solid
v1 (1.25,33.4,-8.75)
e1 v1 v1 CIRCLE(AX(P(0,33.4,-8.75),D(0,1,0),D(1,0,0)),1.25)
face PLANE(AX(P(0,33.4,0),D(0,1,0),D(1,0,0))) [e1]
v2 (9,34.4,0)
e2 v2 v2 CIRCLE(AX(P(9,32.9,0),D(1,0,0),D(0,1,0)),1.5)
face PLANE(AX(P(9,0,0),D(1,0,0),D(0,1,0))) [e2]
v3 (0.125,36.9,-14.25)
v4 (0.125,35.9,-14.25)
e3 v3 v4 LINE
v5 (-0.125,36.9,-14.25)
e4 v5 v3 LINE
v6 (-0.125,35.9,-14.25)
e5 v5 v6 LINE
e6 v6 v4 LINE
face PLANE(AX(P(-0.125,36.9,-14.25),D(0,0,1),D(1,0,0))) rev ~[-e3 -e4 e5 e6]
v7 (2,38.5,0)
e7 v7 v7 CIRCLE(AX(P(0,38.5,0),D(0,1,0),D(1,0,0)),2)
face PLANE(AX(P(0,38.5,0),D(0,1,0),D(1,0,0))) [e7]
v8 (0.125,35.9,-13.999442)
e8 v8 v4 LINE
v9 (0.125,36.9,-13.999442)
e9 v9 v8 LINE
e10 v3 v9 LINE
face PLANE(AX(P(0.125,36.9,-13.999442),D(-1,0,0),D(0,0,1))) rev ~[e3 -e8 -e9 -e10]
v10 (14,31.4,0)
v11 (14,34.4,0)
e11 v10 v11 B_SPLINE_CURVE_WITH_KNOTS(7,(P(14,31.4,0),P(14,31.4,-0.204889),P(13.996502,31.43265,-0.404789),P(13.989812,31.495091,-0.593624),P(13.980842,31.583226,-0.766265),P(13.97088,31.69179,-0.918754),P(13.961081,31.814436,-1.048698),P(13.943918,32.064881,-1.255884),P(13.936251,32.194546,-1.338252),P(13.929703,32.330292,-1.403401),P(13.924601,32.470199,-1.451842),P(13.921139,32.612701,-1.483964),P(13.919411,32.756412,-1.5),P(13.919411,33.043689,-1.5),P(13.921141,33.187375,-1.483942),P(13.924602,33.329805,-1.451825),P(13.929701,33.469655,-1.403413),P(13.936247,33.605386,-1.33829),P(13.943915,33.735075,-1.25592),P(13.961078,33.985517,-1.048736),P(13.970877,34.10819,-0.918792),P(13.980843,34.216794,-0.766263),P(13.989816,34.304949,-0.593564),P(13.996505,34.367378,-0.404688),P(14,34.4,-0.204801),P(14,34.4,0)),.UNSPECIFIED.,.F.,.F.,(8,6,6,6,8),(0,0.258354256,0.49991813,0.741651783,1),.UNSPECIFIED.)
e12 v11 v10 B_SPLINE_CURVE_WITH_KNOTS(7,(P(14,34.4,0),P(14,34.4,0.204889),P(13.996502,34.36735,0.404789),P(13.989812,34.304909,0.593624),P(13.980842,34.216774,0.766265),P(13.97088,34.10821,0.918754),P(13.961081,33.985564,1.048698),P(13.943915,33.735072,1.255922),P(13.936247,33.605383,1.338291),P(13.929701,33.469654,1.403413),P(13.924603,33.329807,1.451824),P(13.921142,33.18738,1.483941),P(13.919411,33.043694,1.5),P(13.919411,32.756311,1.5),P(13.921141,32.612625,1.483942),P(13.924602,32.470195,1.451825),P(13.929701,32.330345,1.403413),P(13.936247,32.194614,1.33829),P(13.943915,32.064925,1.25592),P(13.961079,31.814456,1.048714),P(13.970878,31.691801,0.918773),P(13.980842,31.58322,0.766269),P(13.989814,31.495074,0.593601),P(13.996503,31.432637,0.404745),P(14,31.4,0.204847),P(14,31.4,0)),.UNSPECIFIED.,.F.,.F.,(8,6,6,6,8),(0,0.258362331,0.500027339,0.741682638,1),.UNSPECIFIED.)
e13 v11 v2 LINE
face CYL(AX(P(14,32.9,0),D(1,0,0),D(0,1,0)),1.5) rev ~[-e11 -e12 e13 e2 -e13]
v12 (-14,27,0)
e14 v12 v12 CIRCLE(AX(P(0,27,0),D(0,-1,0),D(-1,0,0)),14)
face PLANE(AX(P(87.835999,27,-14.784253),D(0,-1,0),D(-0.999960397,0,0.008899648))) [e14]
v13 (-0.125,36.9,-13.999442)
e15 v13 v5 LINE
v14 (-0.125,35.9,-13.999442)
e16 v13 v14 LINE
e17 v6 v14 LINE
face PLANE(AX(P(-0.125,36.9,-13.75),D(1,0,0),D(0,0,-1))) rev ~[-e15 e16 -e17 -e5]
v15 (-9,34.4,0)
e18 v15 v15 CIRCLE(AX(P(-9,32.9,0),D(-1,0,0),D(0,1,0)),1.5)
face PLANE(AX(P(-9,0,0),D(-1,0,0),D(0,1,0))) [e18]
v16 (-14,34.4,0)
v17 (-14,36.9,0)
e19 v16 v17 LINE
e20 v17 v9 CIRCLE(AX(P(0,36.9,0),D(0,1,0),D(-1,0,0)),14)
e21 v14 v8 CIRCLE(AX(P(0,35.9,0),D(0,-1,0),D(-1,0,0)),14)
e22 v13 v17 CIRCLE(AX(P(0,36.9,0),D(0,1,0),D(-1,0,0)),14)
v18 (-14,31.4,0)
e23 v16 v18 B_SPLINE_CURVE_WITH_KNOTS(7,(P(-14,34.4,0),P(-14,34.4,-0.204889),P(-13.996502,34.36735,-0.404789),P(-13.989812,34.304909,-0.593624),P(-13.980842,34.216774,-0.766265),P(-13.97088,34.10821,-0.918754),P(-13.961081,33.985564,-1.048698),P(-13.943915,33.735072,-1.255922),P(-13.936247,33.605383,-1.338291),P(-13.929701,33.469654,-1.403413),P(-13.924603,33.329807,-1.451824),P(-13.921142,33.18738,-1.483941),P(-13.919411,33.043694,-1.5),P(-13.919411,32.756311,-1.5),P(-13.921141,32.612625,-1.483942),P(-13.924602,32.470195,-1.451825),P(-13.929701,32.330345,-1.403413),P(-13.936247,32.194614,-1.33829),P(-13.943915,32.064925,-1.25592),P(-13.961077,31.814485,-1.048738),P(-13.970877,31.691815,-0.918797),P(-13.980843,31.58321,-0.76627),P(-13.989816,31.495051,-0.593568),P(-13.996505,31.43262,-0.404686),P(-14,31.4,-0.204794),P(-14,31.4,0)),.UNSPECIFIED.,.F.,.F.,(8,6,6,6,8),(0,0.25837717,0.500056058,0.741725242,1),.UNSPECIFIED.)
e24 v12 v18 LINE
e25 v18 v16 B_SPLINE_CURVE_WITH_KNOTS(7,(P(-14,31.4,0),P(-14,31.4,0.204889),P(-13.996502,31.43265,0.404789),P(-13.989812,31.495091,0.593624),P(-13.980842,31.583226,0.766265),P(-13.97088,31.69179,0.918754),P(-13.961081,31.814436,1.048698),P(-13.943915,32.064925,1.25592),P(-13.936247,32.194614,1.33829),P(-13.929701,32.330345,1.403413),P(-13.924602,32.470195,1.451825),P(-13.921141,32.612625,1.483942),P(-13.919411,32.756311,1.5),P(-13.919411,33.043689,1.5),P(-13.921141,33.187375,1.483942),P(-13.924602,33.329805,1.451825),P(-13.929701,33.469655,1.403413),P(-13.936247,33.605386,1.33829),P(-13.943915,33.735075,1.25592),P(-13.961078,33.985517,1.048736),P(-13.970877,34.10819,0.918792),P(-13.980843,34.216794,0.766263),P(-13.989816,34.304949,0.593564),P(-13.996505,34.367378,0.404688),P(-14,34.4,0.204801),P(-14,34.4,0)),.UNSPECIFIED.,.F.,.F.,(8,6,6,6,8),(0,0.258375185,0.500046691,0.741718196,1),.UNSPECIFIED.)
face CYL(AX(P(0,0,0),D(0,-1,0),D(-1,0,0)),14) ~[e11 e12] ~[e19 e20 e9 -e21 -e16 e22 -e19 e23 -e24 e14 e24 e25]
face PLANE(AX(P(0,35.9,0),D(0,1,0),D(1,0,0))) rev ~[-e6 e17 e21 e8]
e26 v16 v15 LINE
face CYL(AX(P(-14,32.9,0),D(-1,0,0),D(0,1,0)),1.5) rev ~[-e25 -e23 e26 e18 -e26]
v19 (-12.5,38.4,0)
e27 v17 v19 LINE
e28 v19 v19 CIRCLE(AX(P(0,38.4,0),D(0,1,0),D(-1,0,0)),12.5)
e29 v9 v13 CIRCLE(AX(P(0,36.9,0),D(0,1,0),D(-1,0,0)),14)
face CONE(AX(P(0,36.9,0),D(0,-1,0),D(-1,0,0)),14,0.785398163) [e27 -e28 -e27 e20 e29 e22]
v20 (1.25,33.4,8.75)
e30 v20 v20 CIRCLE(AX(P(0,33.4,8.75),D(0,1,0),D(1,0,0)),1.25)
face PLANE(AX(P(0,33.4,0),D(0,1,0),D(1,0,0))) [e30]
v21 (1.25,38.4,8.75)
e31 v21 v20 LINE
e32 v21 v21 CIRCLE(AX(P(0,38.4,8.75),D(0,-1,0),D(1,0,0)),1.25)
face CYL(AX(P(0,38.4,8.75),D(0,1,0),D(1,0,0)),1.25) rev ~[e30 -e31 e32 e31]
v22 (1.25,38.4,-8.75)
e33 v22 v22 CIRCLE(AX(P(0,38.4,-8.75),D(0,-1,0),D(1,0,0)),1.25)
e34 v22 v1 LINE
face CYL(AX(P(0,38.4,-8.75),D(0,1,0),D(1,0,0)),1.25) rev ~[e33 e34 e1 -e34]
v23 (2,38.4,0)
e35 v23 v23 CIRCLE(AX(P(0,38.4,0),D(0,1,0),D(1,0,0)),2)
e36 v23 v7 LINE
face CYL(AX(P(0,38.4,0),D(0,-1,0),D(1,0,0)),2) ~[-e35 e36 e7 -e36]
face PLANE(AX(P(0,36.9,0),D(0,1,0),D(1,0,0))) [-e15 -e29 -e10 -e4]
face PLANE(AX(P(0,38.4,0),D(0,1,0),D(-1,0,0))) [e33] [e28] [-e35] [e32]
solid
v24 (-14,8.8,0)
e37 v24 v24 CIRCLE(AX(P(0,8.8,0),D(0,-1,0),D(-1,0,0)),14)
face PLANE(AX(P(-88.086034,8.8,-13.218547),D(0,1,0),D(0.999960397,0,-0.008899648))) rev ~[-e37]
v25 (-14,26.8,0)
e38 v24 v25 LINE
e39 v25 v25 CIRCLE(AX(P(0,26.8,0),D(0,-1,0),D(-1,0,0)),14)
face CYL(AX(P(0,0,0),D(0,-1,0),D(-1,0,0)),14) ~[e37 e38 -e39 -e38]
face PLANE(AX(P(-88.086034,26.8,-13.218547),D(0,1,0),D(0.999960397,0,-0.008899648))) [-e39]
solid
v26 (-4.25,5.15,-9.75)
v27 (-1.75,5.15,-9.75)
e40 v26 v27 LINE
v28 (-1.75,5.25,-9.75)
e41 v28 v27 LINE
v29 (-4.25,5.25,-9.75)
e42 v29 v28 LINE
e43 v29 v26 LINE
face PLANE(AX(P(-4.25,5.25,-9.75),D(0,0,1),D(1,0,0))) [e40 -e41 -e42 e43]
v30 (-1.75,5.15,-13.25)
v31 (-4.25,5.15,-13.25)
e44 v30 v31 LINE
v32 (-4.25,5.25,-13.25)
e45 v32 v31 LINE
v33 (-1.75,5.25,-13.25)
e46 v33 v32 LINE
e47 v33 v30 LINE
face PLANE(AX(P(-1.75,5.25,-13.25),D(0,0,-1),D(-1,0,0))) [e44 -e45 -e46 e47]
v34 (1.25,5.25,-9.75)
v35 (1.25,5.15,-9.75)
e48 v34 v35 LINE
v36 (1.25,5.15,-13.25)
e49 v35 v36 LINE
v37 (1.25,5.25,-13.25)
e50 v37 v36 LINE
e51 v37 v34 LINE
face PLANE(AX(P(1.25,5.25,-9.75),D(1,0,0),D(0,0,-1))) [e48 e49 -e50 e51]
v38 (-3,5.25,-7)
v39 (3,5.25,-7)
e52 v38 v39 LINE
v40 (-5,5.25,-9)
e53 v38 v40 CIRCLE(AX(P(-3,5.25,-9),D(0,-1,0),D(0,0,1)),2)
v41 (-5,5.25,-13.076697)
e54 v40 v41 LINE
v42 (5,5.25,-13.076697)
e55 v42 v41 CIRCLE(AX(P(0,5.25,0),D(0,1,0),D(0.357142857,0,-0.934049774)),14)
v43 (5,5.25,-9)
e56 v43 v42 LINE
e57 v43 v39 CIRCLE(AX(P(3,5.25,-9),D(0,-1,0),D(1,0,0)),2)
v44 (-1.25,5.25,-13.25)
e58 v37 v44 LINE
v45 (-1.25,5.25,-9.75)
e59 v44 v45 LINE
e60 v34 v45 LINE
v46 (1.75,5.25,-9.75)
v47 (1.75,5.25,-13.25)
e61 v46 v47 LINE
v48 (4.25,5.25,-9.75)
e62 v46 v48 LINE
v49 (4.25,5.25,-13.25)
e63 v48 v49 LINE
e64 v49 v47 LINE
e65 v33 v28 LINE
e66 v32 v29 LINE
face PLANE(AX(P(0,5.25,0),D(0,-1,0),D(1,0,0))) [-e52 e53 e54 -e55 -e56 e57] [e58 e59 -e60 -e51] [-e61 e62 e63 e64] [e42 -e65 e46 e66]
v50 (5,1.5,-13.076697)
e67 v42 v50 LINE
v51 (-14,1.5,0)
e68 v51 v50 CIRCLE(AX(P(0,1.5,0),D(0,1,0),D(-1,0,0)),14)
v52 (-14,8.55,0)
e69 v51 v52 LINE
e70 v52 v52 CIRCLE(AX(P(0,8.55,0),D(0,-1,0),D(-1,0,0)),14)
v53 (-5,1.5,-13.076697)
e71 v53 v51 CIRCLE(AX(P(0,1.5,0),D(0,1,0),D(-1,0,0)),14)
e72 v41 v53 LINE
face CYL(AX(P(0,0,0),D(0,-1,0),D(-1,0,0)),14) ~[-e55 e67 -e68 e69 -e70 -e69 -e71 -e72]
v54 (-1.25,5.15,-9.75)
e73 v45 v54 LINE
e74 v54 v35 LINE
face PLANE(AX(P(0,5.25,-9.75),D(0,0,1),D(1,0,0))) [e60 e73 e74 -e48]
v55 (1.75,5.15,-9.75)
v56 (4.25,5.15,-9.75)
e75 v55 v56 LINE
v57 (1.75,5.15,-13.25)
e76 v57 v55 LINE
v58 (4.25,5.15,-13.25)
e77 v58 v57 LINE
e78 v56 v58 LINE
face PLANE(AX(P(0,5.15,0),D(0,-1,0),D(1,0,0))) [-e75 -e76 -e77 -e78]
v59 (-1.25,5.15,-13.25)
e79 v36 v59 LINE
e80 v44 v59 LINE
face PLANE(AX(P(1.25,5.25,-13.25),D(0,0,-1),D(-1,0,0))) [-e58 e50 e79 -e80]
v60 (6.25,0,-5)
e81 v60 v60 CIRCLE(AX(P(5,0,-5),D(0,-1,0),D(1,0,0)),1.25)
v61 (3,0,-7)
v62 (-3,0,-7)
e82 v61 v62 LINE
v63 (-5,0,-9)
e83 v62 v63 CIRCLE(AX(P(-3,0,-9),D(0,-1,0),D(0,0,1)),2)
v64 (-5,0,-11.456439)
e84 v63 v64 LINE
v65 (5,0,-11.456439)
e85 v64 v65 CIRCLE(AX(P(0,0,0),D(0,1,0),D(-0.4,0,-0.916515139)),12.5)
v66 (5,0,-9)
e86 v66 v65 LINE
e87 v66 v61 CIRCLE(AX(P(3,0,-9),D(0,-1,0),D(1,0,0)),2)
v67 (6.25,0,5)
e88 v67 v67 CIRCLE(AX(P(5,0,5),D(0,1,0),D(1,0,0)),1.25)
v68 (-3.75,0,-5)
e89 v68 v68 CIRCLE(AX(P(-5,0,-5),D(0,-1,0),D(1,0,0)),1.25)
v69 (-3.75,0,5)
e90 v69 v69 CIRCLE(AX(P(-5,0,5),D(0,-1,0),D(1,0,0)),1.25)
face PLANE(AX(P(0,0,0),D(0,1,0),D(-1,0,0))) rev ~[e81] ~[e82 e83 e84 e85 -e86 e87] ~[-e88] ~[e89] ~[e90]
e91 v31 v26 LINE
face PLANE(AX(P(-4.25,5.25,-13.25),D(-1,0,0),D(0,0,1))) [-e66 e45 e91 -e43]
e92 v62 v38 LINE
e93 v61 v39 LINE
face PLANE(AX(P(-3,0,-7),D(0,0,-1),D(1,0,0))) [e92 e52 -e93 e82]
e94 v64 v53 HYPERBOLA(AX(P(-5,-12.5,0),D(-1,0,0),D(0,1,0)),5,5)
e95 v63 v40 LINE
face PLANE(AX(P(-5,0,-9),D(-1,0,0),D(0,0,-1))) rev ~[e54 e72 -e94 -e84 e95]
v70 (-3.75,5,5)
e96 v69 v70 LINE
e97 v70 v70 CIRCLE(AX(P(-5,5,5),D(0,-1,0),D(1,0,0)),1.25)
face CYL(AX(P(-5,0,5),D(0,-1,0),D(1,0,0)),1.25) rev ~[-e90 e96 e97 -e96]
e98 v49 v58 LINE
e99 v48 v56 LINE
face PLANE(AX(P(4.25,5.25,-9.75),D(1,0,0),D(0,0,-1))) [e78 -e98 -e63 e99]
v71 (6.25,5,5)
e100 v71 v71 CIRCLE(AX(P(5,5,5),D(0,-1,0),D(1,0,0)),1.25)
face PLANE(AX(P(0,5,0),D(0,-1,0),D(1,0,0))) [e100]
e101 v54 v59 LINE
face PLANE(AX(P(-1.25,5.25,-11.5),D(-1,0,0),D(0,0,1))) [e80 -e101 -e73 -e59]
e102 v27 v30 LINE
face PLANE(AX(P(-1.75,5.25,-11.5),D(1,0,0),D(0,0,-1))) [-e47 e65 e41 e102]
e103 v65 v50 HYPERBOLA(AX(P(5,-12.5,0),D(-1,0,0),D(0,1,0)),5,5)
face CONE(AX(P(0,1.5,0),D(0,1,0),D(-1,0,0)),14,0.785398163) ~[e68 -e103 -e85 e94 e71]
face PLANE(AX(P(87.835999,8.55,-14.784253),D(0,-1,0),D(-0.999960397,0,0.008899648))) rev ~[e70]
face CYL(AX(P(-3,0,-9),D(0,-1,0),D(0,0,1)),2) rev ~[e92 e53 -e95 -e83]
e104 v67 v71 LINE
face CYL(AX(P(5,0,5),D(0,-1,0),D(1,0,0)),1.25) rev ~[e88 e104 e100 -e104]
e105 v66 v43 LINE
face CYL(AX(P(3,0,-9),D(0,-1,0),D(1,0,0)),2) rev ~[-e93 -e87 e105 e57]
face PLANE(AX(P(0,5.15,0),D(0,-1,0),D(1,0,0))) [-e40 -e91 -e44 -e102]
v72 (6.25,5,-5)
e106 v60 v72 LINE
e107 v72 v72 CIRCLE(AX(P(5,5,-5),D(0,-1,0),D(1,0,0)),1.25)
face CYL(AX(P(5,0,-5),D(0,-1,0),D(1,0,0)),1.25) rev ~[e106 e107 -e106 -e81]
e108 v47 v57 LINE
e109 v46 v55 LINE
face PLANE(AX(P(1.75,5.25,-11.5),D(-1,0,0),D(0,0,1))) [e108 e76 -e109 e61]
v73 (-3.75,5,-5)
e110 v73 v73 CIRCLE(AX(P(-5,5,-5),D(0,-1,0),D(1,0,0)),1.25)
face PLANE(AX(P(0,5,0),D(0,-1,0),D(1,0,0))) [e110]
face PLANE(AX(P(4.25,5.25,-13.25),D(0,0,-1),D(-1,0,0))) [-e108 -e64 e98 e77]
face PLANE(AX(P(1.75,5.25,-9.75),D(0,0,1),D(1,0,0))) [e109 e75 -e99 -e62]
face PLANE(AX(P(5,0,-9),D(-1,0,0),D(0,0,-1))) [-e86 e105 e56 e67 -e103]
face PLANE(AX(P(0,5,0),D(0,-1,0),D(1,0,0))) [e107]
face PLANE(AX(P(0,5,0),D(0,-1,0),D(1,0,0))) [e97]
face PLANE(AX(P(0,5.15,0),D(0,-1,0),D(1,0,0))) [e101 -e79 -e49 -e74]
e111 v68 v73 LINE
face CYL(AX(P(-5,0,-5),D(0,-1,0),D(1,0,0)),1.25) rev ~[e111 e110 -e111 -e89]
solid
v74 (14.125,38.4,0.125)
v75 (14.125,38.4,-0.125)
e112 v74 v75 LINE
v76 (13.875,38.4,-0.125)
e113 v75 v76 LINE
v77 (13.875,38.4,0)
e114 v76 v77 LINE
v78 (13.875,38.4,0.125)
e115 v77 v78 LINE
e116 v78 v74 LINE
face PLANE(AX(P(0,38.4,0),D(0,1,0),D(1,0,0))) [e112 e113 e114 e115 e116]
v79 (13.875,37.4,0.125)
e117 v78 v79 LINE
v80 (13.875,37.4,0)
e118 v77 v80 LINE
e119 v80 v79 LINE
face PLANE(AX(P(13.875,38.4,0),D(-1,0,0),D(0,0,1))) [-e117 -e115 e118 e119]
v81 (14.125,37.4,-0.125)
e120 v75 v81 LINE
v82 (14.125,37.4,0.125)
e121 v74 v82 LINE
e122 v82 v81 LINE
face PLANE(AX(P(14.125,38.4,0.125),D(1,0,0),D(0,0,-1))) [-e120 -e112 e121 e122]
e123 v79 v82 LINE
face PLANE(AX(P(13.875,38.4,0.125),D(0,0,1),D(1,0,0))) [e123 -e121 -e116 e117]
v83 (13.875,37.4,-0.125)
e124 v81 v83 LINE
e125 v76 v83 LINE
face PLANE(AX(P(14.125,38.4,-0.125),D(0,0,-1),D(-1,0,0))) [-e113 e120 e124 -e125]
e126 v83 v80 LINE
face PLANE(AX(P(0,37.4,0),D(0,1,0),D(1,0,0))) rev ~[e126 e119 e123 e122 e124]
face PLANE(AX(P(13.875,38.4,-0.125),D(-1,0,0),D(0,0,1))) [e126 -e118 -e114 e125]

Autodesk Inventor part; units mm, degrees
sketch "Sketch1" plane through (0, 0, 0) normal (0, 1, 0) x (-1, 0, 0)
  circle A0 centre (0, 0) radius 14
  dimension "d0" = 28
extrude "Extrusion1" add sketch "Sketch1" along normal blind 38.4
chamfer "Chamfer1" distance 1.5 angle 45 2 edges at (14, 38.4, 0) (14, 0, 0)
sketch "Sketch2" plane through (0, 38.4, 0) normal (0, 1, 0) x (1, 0, 0)
  circle A0 centre (0, 0) radius 2
  dimension "d6" = 4
extrude "Extrusion2" add sketch "Sketch2" along normal blind 0.1
sketch "Sketch3" plane through (0, 38.4, 0) normal (0, 1, 0) x (1, 0, 0)
  line L0 (0, 0) -> (0, 8.75)
  circle A0 centre (0, 8.75) radius 1.25
  line L1 (0, 0) -> (0, -8.75)
  line L2 (0, 0) -> (8.75, 0) construction
  circle A1 centre (0, -8.75) radius 1.25
  dimension "d9" = 8.75
  dimension "d10" = 2.5
  dimension "d11" = 8.75
  dimension "d12" = 90
  dimension "d13" = 2.5
extrude "Extrusion4" cut sketch "Sketch3" against normal blind 5
thread "Thread1" size "M2.5x0.45" class "6H" standard "ANSI Metric M Profile" full length
thread "Thread2" size "M2.5x0.45" class "6H" standard "ANSI Metric M Profile" full length
ref_plane "Work Plane1" through (0, 36.9, 0) normal (0, 1, 0) x (1, 0, 0)
sketch "Sketch6" plane through (0, 36.9, 0) normal (0, 1, 0) x (1, 0, 0)
  line L0 (0.125, 13.75) -> (-0.125, 13.75)
  line L1 (-0.125, 13.75) -> (-0.125, 14.25)
  line L2 (-0.125, 14.25) -> (0.125, 14.25)
  line L3 (0.125, 14.25) -> (0.125, 13.75)
  circle A0 centre (0, 0) radius 14 projected
  line L4 (0.125, 13.75) -> (-0.125, 14.25) construction
  line L5 (-0.125, 13.75) -> (0.125, 14.25) construction
  point P0 (0, 14)
  dimension "d25" = 0.25
  dimension "d26" = 0.5
extrude "Extrusion5" add sketch "Sketch6" against normal blind 1 contours L0 L1 A0 L3 | A0 L1 L2 L3 picked at (-0.0139, 13.8333)
ref_plane "Work Plane2" through (-0.125, 0, -13.9994) normal (-0.0089, 0, -1) x (-1, 0, 0.0089)
sketch "Sketch7" plane through (-0.125, 0, -13.9994) normal (-0.0089, 0, -1) x (-1, 0, 0.0089)
  line L0 (0, 36.9) -> (0, 26.9)
  line L1 (0, 36.9) -> (0, 35.9) projected
  line L2 (0, 36.9) -> (10, 36.9) construction
  line L3 (-87.9645, 27) -> (87.9645, 27)
  line L4 (87.9645, 27) -> (87.9645, 26.8)
  line L5 (87.9645, 26.8) -> (-87.9645, 26.8)
  line L6 (-87.9645, 26.8) -> (-87.9645, 27)
  line L7 (-87.9645, 27) -> (87.9645, 26.8) construction
  line L8 (87.9645, 27) -> (-87.9645, 26.8) construction
  line L9 (0, 26.8) -> (0, 8.8)
  line L10 (0, 26.8) -> (18, 26.8) construction
  line L11 (0, 8.8) -> (0, 8.675)
  line L12 (0, 8.8) -> (0.125, 8.8) construction
  line L13 (-87.9645, 8.55) -> (87.9645, 8.55)
  line L14 (87.9645, 8.55) -> (87.9645, 8.8)
  line L15 (87.9645, 8.8) -> (-87.9645, 8.8)
  line L16 (-87.9645, 8.8) -> (-87.9645, 8.55)
  line L17 (-87.9645, 8.55) -> (87.9645, 8.8) construction
  line L18 (87.9645, 8.55) -> (-87.9645, 8.8) construction
  point P0 (0, 0)
  dimension "d29" = 10
  dimension "d30" = 90
  dimension "d31" = 175.929
  dimension "d32" = 0.2
  dimension "d33" = 18
  dimension "d34" = 90
  dimension "d35" = 0.125
  dimension "d36" = 90
  dimension "d37" = 175.929
  dimension "d38" = 0.25
sketch3d "3D Sketch1"
extrude "Extrusion6" cut sketch "Sketch7" against normal blind 28
sketch "Sketch8" plane through (0, 38.4, 0) normal (0, 1, 0) x (1, 0, 0)
  line L0 (0, 0) -> (14, 0)
  line L1 (14.125, 0.125) -> (13.875, 0.125)
  line L2 (13.875, 0.125) -> (13.875, -0.125)
  line L3 (13.875, -0.125) -> (14.125, -0.125)
  line L4 (14.125, -0.125) -> (14.125, 0.125)
  line L5 (14.125, 0.125) -> (13.875, -0.125) construction
  line L6 (13.875, 0.125) -> (14.125, -0.125) construction
  dimension "d41" = 14
  dimension "d42" = 0.25
  dimension "d43" = 0.25
extrude "Extrusion7" add sketch "Sketch8" against normal blind 1
ref_plane "Work Plane3" through (14, 0, 0) normal (1, 0, 0) x (0, 1, 0)
sketch "Sketch9" plane through (14, 0, 0) normal (1, 0, 0) x (0, 1, 0)
  line L0 (38.4, 0.125) -> (38.4, -0.125) projected
  line L1 (38.4, -0.125) -> (38.4, 0)
  line L2 (38.4, 0) -> (32.9, 0)
  line L3 (38.4, 0) -> (43.9, 0) construction
  circle A0 centre (32.9, 0) radius 1.5
  point P0 (0, 0)
  dimension "d46" = 5.5
  dimension "d47" = 180
  dimension "d48" = 3
extrude "Extrusion8" cut sketch "Sketch9" against normal blind 5
thread "Thread3" size "M3x0.5" class "6H" standard "ANSI Metric M Profile" full length
pattern_circular "Circular Pattern1" count 2 over 360 about axis through (0, 0, 0) along (0, 1, 0) of "Extrusion8"
thread "Thread4" size "M3x0.5" class "6H" standard "ANSI Metric M Profile" full length
sketch "Sketch10" plane through (0, 0, 0) normal (0, -1, 0) x (1, 0, 0)
  line L0 (0, 0) -> (5, 0)
  line L1 (13.9194, -1.5) -> (9, -1.5) projected
  line L2 (0, 0) -> (5, 0) construction
  line L3 (5, 0) -> (5, 5)
  line L4 (5, 0) -> (10, 0) construction
  circle A0 centre (5, 5) radius 1.25
  circle A1 centre (5, -5) radius 1.25
  circle A2 centre (-5, 5) radius 1.25
  circle A3 centre (-5, -5) radius 1.25
  dimension "d58" = 5
  dimension "d59" = 0
  dimension "d60" = 5
  dimension "d61" = 90
  dimension "d62" = 2.5
  dimension "d65" = 10
  dimension "d68" = 10
extrude "Extrusion9" cut sketch "Sketch10" against normal blind 5
thread "Thread5" size "M2.5x0.45" class "6H" standard "ANSI Metric M Profile" full length
thread "Thread6" size "M2.5x0.45" class "6H" standard "ANSI Metric M Profile" full length
thread "Thread7" size "M2.5x0.45" class "6H" standard "ANSI Metric M Profile" full length
thread "Thread8" size "M2.5x0.45" class "6H" standard "ANSI Metric M Profile" full length
sketch "Sketch11" plane through (0, 0, 0) normal (0, -1, 0) x (1, 0, 0)
  line L0 (0, 0) -> (0, -7)
  line L1 (0, 0) -> (7, 0) construction
  line L2 (-5, -14) -> (5, -14)
  line L3 (-3, -7) -> (-3, -9)
  line L4 (-3, -7) -> (-1, -7) construction
  line L5 (-3, -9) -> (-5, -9) construction
  line L6 (-3, -9) -> (-3, -7) construction
  line L7 (-3, -9) -> (-5, -9)
  line L8 (3, -9) -> (3, -7)
  line L9 (3, -9) -> (5, -9)
  arc A0 (-3, -7) -> (-5, -9) centre (-3, -9) ccw
  arc A1 (5, -9) -> (3, -7) centre (3, -9) ccw
  line L10 (-3, -7) -> (3, -7)
  line L11 (-5, -9) -> (-5, -14)
  line L12 (5, -9) -> (5, -14)
  dimension "d81" = 7
  dimension "d82" = 90
  dimension "d87" = 2
  dimension "d88" = 90
  dimension "d89" = 90
  dimension "d90" = 6
  dimension "d91" = 5
  dimension "d92" = 10
  dimension "d93" = 7
extrude "Extrusion10" cut sketch "Sketch11" against normal blind 5.25
sketch "Sketch12" plane through (0, 5.25, 0) normal (0, -1, 0) x (1, 0, 0)
  line L0 (-3, -7) -> (3, -7) projected
  line L1 (0, -7) -> (0, -9)
  line L2 (0, -9) -> (0, -11.5)
  line L3 (0.125, -14.25) -> (0.125, -13.9994) projected
  line L4 (0, -9) -> (2.5, -9) construction
  line L5 (1.25, -13.25) -> (-1.25, -13.25)
  line L6 (-1.25, -13.25) -> (-1.25, -9.75)
  line L7 (-1.25, -9.75) -> (1.25, -9.75)
  line L8 (1.25, -9.75) -> (1.25, -13.25)
  line L9 (1.25, -13.25) -> (-1.25, -9.75) construction
  line L10 (-1.25, -13.25) -> (1.25, -9.75) construction
  line L11 (0, -11.5) -> (-3, -11.5)
  line L12 (-1.75, -13.25) -> (-4.25, -13.25)
  line L13 (-4.25, -13.25) -> (-4.25, -9.75)
  line L14 (-4.25, -9.75) -> (-1.75, -9.75)
  line L15 (-1.75, -9.75) -> (-1.75, -13.25)
  line L16 (-1.75, -13.25) -> (-4.25, -9.75) construction
  line L17 (-4.25, -13.25) -> (-1.75, -9.75) construction
  line L18 (0, -11.5) -> (3, -11.5)
  line L19 (4.25, -13.25) -> (1.75, -13.25)
  line L20 (1.75, -13.25) -> (1.75, -9.75)
  line L21 (1.75, -9.75) -> (4.25, -9.75)
  line L22 (4.25, -9.75) -> (4.25, -13.25)
  line L23 (4.25, -13.25) -> (1.75, -9.75) construction
  line L24 (1.75, -13.25) -> (4.25, -9.75) construction
  point P0 (0, 0)
  dimension "d96" = 2
  dimension "d97" = 2.5
  dimension "d98" = 90
  dimension "d99" = 2.5
  dimension "d100" = 3.5
  dimension "d101" = 3
  dimension "d102" = 2.5
  dimension "d103" = 3.5
  dimension "d104" = 3
  dimension "d105" = 2.5
  dimension "d106" = 3.5
extrude "Extrusion11" add sketch "Sketch12" along normal blind 0.1
properties part number "Motor"
